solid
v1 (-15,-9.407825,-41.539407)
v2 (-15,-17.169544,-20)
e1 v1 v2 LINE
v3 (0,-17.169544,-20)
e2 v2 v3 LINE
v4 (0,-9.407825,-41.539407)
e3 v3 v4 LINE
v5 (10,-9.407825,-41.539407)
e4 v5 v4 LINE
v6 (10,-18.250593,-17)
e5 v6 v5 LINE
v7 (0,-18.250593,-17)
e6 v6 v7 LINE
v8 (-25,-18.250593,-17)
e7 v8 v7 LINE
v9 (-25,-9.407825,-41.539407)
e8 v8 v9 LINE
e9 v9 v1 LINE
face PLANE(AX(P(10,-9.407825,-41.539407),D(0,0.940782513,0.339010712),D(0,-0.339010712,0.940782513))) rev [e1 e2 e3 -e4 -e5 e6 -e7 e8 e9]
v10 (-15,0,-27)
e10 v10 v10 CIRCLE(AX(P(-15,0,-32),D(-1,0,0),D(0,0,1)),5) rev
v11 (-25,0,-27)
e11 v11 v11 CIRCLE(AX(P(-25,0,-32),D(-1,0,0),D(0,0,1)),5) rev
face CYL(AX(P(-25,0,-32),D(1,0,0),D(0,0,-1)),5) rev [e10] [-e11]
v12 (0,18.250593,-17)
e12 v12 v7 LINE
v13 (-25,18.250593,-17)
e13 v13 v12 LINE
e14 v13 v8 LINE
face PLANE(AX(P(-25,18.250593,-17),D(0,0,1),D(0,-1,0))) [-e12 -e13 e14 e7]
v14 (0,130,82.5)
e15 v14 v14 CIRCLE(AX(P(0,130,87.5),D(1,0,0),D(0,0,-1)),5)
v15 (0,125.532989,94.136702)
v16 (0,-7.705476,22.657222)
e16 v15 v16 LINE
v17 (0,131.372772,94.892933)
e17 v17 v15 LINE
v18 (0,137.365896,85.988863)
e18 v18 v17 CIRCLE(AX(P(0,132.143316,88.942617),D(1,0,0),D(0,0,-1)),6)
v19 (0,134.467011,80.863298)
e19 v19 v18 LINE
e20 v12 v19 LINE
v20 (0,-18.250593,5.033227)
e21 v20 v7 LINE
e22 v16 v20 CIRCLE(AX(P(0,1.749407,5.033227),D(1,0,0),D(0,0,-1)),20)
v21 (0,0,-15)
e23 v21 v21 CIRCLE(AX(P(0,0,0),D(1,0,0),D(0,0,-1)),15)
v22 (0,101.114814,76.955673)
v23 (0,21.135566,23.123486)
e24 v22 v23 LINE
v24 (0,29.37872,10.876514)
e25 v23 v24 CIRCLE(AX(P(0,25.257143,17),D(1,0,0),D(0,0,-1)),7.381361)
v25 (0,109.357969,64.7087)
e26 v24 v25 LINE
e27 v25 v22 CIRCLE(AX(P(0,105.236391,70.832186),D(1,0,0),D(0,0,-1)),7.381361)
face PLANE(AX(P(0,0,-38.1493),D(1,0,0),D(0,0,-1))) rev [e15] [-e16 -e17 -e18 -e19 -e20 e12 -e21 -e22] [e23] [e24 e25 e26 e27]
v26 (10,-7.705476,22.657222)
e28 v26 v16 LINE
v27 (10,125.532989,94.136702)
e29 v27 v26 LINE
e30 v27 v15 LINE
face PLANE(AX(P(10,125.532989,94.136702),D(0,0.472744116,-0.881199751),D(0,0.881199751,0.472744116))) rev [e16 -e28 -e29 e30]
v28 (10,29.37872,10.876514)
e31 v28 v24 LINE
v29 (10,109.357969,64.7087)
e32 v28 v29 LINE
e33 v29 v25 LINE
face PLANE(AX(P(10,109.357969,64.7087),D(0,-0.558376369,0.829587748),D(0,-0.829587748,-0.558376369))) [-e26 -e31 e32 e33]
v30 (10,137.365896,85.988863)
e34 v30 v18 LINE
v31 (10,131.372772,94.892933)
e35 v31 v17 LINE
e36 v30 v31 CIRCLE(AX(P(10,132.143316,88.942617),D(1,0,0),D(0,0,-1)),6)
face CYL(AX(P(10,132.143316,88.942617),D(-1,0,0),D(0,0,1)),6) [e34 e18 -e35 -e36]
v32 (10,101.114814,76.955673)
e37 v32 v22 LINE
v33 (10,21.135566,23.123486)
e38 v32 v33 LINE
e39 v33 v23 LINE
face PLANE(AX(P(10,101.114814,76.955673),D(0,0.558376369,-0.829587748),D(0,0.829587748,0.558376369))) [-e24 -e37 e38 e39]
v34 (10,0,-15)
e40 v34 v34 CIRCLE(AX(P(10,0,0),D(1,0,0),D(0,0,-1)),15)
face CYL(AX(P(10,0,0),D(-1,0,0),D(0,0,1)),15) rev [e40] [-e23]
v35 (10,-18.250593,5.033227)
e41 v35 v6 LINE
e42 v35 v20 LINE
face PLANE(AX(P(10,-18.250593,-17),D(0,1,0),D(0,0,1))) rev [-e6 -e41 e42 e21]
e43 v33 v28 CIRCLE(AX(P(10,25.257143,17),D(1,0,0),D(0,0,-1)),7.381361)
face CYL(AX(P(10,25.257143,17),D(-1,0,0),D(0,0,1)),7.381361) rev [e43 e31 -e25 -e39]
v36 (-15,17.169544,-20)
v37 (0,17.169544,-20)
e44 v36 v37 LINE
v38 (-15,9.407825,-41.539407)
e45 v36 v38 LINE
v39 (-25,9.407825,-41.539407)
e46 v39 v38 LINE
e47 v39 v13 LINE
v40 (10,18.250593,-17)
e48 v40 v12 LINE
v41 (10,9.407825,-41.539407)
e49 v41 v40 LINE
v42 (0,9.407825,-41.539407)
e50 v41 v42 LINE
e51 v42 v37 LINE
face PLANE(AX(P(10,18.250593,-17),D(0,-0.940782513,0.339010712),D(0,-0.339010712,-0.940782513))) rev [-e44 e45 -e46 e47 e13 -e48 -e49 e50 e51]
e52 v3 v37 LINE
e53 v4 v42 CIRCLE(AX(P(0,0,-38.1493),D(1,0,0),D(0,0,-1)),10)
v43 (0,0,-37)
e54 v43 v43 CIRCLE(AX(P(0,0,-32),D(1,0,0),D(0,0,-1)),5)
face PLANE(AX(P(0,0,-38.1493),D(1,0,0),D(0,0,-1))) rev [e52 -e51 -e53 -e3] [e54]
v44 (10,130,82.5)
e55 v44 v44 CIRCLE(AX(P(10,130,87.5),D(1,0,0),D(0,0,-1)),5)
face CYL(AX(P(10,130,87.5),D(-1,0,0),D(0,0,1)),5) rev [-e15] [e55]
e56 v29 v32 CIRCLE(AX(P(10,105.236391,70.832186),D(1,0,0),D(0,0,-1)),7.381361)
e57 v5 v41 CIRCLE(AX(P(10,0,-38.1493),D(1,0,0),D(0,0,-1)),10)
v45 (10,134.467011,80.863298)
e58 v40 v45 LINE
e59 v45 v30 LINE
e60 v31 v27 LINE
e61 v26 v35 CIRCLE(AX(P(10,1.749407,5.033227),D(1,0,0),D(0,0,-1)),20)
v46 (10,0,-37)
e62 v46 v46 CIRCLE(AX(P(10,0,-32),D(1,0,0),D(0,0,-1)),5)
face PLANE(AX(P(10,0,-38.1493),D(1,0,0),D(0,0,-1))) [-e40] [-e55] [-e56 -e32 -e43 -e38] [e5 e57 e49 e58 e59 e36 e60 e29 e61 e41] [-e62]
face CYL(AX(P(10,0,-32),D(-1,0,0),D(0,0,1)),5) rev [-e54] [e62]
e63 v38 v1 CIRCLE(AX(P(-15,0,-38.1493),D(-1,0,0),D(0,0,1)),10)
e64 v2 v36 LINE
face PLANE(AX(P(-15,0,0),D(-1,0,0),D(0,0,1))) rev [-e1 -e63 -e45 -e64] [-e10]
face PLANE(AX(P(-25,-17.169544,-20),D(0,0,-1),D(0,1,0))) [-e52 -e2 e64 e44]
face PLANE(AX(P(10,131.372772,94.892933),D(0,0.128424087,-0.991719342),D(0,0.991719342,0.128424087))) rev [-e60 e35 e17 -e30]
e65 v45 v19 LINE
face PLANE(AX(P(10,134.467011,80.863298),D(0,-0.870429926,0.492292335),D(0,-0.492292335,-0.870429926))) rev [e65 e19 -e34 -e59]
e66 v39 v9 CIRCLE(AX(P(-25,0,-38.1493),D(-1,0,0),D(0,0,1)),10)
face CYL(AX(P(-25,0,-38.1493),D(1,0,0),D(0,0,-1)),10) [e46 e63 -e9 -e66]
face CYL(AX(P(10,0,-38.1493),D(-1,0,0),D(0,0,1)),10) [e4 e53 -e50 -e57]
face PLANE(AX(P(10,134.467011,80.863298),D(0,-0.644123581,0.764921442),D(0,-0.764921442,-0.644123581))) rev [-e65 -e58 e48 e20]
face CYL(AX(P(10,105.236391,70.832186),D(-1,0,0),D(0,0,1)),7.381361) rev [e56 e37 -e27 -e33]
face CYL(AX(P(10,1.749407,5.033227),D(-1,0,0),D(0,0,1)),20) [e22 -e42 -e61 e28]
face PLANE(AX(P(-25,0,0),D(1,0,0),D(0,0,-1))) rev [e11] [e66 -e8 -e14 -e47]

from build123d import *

# Parameters (mm, degrees)
SKETCH_1_R      = 15
SKETCH_1_R_2    = 5
EXTRUDE_1_DEPTH = 10
EXTRUDE_2_DEPTH = 25
EXTRUDE_START   = 25
SKETCH_4_R      = 5
EXTRUDE_3_DEPTH = 10


with BuildPart() as part:
    # 草图1 → 凸台-拉伸1 (new body)
    with BuildSketch(Plane(origin=(0, 0, 0), x_dir=(0, 0, -1), z_dir=(1, 0, 0))):
        with BuildLine():
            Line((17, -18.250593409), (-5.033226664, -18.250593409))
            ThreePointArc((-5.033226664, -18.250593409), (-15.302169006, -15.413018156), (-22.657221681, -7.705475727))
            Line((-22.657221681, -7.705475727), (-94.136701981, 125.532989051))
            Line((-94.136701981, 125.532989051), (-94.892932848, 131.372771855))
            ThreePointArc((-94.892932848, 131.372771855), (-92.292875006, 137.120842866), (-85.988862782, 137.365895938))
            Line((-85.988862782, 137.365895938), (-80.863298019, 134.467010949))
            Line((-80.863298019, 134.467010949), (17, 18.250593409))
            Line((17, 18.250593409), (41.539406806, 9.407825134))
            ThreePointArc((41.539406806, 9.407825134), (48.14929969, 0), (41.539406806, -9.407825134))
            Line((41.539406806, -9.407825134), (17, -18.250593409))
        make_face()
        Circle(SKETCH_1_R, mode=Mode.SUBTRACT)
        with Locations((-87.5, 130)):
            Circle(SKETCH_1_R_2, mode=Mode.SUBTRACT)
        with Locations((32, 0)):
            Circle(SKETCH_1_R_2, mode=Mode.SUBTRACT)
        with BuildLine():
            Line((-64.708700169, 109.357968665), (-10.87651369, 29.378720182))
            ThreePointArc((-10.87651369, 29.378720182), (-12.878422676, 19.133656547), (-23.12348631, 21.135565533))
            Line((-23.12348631, 21.135565533), (-76.95567279, 101.114814016))
            ThreePointArc((-76.95567279, 101.114814016), (-74.953763803, 111.359877651), (-64.708700169, 109.357968665))
        make_face(mode=Mode.SUBTRACT)
    extrude(amount=EXTRUDE_1_DEPTH)

    # 草图2 → 凸台-拉伸2 (add)
    with BuildSketch(Plane(origin=(0, 0, 0), x_dir=(0, 0, -1), z_dir=(1, 0, 0))):
        Polygon((17, 18.250593409), (17, -18.250593409), (20, -17.169544261), (20, 17.169544261), align=None)
    extrude(amount=-EXTRUDE_2_DEPTH)

    # 草图4 → 凸台-拉伸3 (add)
    with BuildSketch(Plane.ZY.offset(EXTRUDE_START)):
        with BuildLine():
            ThreePointArc((-41.539406806, 9.407825134), (-48.14929969, 0), (-41.539406806, -9.407825134))
            Line((-41.539406806, -9.407825134), (-20, -17.169544261))
            Line((-20, -17.169544261), (-20, 17.169544261))
            Line((-20, 17.169544261), (-41.539406806, 9.407825134))
        make_face()
        with Locations((-32, 0)):
            Circle(SKETCH_4_R, mode=Mode.SUBTRACT)
    extrude(amount=-EXTRUDE_3_DEPTH)


solid = part.part
